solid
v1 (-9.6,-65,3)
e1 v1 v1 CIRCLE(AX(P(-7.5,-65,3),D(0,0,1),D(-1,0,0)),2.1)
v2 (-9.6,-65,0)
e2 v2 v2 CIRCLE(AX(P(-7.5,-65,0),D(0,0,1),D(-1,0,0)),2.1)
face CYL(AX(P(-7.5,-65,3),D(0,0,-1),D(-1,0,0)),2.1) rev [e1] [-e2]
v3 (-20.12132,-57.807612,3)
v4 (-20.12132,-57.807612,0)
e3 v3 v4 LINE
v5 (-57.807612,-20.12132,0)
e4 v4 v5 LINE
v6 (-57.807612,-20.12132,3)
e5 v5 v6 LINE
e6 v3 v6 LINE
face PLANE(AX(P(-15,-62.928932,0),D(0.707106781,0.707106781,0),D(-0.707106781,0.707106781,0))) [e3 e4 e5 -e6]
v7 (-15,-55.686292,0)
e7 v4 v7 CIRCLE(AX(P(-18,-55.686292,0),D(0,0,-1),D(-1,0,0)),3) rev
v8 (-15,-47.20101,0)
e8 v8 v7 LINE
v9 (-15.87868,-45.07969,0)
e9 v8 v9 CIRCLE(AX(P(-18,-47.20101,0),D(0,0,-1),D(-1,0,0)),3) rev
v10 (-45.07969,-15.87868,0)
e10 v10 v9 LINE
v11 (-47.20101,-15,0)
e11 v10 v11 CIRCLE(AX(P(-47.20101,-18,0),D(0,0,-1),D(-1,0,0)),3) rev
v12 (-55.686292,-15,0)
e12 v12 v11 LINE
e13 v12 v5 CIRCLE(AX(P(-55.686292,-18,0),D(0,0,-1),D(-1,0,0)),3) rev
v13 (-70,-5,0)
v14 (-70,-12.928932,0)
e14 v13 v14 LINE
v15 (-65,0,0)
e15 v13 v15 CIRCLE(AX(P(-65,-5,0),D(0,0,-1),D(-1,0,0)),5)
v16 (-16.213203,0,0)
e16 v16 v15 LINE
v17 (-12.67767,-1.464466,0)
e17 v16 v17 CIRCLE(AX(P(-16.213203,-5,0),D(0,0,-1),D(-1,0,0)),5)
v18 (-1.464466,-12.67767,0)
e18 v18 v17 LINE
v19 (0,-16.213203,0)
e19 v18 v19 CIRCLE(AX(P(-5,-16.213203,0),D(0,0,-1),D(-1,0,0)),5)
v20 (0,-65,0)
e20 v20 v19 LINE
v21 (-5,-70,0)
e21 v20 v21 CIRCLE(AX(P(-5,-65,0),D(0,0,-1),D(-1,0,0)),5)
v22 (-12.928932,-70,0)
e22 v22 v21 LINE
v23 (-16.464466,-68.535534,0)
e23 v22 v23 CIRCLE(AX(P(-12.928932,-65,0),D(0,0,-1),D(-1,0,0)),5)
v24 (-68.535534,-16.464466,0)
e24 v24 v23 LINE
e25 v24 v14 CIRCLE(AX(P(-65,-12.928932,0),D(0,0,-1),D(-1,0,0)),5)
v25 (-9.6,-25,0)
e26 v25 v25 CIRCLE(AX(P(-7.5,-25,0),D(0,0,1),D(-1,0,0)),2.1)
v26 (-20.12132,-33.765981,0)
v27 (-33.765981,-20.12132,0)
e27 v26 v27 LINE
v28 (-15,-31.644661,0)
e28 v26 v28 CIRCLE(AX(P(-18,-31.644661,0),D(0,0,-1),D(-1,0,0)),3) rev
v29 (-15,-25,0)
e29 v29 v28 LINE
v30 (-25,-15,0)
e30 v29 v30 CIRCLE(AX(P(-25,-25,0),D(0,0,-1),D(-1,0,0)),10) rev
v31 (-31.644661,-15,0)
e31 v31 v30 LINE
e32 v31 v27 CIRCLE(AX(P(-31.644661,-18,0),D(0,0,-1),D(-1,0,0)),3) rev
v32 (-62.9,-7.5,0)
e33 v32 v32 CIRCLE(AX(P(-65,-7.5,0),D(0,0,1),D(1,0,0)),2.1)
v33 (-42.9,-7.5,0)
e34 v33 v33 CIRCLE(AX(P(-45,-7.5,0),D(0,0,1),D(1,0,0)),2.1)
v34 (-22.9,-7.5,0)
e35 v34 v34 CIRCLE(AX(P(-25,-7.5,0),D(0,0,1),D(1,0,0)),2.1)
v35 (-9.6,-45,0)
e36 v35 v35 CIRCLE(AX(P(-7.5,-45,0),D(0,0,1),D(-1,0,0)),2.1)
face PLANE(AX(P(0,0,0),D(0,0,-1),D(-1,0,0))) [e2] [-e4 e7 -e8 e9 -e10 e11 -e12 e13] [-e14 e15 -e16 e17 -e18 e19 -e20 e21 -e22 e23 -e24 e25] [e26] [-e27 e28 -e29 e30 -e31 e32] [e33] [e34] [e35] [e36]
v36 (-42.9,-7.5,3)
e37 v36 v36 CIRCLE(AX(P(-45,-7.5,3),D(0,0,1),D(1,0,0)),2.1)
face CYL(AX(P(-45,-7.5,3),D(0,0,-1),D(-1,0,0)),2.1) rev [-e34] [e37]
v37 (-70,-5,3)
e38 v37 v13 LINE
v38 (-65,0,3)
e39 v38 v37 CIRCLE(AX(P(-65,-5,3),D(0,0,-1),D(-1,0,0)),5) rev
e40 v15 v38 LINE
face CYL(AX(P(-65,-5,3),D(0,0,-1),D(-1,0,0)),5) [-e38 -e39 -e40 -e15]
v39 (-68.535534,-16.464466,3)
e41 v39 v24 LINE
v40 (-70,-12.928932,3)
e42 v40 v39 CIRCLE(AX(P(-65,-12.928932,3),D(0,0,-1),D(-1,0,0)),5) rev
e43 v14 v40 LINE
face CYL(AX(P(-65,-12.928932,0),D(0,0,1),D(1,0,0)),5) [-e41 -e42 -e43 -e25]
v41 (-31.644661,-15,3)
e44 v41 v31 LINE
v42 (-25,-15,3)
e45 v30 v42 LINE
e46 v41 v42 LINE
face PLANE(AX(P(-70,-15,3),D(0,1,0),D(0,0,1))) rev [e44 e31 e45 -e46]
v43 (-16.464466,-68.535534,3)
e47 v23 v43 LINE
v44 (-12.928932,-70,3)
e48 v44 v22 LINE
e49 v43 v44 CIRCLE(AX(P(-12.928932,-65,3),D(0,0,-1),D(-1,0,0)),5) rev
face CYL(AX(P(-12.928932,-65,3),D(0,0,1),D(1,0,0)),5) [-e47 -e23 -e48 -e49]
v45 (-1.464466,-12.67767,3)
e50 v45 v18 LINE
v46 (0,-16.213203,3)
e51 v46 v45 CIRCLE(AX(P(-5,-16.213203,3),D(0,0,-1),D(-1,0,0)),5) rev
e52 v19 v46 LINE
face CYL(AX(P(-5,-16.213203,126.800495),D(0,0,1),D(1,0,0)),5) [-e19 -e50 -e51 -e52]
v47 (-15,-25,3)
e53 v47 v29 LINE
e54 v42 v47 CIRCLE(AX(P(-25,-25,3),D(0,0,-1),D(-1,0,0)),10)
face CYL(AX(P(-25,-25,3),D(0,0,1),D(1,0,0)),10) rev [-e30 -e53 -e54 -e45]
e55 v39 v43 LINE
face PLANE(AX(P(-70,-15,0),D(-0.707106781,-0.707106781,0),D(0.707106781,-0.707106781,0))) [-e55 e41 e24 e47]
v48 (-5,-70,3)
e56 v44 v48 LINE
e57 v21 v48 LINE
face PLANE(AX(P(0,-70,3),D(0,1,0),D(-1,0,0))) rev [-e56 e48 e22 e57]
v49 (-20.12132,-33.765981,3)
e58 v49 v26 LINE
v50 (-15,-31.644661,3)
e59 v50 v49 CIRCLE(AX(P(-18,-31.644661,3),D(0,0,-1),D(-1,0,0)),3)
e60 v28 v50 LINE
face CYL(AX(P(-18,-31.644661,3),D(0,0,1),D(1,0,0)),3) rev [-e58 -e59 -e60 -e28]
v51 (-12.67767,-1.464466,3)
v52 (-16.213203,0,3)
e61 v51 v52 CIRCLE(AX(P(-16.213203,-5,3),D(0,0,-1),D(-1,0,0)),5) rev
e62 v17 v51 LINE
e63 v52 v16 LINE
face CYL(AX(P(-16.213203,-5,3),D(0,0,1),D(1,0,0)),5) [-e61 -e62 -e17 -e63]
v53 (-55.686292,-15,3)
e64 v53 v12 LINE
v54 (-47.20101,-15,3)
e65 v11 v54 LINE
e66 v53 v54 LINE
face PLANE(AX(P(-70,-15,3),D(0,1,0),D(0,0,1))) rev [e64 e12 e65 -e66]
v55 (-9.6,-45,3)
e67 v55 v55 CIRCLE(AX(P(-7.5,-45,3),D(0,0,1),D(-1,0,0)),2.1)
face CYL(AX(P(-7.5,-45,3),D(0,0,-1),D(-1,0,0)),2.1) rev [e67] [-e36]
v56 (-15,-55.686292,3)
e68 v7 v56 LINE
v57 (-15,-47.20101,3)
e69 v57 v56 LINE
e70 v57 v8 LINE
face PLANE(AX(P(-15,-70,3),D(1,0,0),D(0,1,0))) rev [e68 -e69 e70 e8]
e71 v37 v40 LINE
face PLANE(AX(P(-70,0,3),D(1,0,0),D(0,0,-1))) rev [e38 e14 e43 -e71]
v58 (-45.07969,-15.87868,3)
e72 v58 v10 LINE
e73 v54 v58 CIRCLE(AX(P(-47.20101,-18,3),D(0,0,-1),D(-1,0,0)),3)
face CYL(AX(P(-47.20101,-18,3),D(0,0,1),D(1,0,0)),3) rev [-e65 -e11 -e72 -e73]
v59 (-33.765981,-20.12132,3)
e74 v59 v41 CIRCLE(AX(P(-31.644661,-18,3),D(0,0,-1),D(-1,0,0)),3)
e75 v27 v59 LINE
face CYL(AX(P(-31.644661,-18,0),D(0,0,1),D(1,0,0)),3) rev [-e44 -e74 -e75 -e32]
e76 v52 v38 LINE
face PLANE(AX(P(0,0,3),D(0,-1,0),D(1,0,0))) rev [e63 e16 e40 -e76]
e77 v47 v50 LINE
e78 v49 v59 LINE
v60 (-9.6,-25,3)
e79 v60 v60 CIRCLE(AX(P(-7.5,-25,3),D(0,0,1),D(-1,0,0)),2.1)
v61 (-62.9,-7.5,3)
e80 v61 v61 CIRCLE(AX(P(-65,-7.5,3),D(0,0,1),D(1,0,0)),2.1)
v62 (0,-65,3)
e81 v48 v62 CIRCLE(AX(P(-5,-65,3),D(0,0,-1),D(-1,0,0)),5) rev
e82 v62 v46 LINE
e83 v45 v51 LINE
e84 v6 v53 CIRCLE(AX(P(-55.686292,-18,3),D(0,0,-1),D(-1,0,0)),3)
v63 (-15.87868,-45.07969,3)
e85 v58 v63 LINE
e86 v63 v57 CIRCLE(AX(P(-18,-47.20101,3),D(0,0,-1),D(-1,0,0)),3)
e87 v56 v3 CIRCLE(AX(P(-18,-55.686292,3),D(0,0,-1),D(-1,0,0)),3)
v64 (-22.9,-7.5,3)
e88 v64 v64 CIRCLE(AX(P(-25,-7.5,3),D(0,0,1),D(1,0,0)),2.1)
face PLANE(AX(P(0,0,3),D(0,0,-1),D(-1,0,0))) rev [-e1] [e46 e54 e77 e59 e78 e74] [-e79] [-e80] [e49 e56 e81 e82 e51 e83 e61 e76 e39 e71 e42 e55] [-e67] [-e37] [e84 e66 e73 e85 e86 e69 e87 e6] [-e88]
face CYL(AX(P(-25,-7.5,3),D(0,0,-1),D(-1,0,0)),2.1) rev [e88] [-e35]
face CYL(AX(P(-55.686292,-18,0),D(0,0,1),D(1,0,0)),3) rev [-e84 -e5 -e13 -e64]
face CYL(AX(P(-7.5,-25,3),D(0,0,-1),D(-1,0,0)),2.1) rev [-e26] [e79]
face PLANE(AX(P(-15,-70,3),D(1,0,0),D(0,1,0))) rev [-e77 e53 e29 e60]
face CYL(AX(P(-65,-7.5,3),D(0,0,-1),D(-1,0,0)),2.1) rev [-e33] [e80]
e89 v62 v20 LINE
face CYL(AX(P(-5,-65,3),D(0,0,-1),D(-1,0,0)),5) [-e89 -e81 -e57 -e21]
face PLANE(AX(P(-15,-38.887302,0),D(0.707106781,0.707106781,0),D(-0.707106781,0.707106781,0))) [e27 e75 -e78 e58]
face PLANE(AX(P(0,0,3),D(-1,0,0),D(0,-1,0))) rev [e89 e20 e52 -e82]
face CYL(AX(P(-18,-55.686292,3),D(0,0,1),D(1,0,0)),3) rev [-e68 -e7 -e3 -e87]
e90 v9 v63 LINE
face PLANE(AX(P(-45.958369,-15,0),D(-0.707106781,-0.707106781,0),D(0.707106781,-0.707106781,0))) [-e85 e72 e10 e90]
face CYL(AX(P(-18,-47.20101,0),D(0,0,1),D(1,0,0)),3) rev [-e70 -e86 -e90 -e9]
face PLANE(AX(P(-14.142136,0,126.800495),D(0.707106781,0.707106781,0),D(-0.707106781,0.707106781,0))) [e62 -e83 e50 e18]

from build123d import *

# Parameters (mm, degrees)
SKETCH_1_R               = 2.1
EXTRUDE_1_DEPTH          = 3
EXTRUDE_2_DEPTH          = 3
CUT_EXTRUDE_1_DEPTH      = 100.040395799
CUT_EXTRUDE_1_DEPTH_BACK = 3
FILLET_1_R               = 5
EXTRUDE_3_DEPTH          = 3
FILLET_2_R               = 3
FILLET_3_R               = 10


with BuildPart() as part:
    # 草图1 → 凸台-拉伸1 (new body)
    with BuildSketch(Plane.XY):
        Polygon((0, 0), (-70, 0), (-70, -15), (-15, -15), (-15, -70), (0, -70), align=None)
        with Locations((-25, -7.5)):
            Circle(SKETCH_1_R, mode=Mode.SUBTRACT)
        with Locations(Location((-7.5, -25, 0), (0, 0, 180))):
            Circle(SKETCH_1_R, mode=Mode.SUBTRACT)
        with Locations((-45, -7.5)):
            Circle(SKETCH_1_R, mode=Mode.SUBTRACT)
        with Locations((-65, -7.5)):
            Circle(SKETCH_1_R, mode=Mode.SUBTRACT)
        with Locations(Location((-7.5, -65, 0), (0, 0, 180))):
            Circle(SKETCH_1_R, mode=Mode.SUBTRACT)
        with Locations(Location((-7.5, -45, 0), (0, 0, 180))):
            Circle(SKETCH_1_R, mode=Mode.SUBTRACT)
    extrude(amount=EXTRUDE_1_DEPTH)

    # 草图2 → 凸台-拉伸2 (add)
    with BuildSketch(Plane.XY.offset(3)):
        Polygon((-70, -15), (-15, -70), (-15, -62.928932188), (-62.928932188, -15), align=None)
    extrude(amount=-EXTRUDE_2_DEPTH)

    # 草图3 → 切除-拉伸1 (cut, two sides: drawn at the far end of the back side and taken through both)
    with BuildSketch(Plane.XY.offset(3).offset(-CUT_EXTRUDE_1_DEPTH_BACK)):
        Polygon((-147.863122604, 133.72098698), (-14.142135624, 0), (0, -14.142135624), (133.72098698, -147.863122604), (401.162960941, 119.578851357), (119.578851357, 401.162960941), align=None)
    extrude(amount=CUT_EXTRUDE_1_DEPTH + CUT_EXTRUDE_1_DEPTH_BACK, mode=Mode.SUBTRACT)

    # 圆角1
    fillet_1_edges = [part.edges().sort_by_distance(p)[0] for p in [
        (0, -70, 1.5),
        (-15, -70, 1.5),
        (-70, -15, 1.5),
        (-70, 0, 1.5),
        (-14.142135624, 0, 1.5),
        (0, -14.142135624, 1.5),
    ]]
    fillet(fillet_1_edges, radius=FILLET_1_R)

    # 草图4 → 凸台-拉伸3 (add, through all)
    with BuildSketch(Plane.XY.offset(3)):
        Polygon((-45.95836944, -15), (-15, -45.95836944), (-15, -38.887301628), (-38.887301628, -15), align=None)
    extrude(amount=-EXTRUDE_3_DEPTH)

    # 圆角2
    fillet_2_edges = [part.edges().sort_by_distance(p)[0] for p in [
        (-45.95836944, -15, 1.5),
        (-38.887301628, -15, 1.5),
        (-15, -38.887301628, 1.5),
        (-15, -45.95836944, 1.5),
        (-62.928932188, -15, 1.5),
        (-15, -62.928932188, 1.5),
    ]]
    fillet(fillet_2_edges, radius=FILLET_2_R)

    # 圆角3
    fillet_3_edges = [part.edges().sort_by_distance(p)[0] for p in [
        (-15, -15, 1.5),
    ]]
    fillet(fillet_3_edges, radius=FILLET_3_R)


solid = part.part
